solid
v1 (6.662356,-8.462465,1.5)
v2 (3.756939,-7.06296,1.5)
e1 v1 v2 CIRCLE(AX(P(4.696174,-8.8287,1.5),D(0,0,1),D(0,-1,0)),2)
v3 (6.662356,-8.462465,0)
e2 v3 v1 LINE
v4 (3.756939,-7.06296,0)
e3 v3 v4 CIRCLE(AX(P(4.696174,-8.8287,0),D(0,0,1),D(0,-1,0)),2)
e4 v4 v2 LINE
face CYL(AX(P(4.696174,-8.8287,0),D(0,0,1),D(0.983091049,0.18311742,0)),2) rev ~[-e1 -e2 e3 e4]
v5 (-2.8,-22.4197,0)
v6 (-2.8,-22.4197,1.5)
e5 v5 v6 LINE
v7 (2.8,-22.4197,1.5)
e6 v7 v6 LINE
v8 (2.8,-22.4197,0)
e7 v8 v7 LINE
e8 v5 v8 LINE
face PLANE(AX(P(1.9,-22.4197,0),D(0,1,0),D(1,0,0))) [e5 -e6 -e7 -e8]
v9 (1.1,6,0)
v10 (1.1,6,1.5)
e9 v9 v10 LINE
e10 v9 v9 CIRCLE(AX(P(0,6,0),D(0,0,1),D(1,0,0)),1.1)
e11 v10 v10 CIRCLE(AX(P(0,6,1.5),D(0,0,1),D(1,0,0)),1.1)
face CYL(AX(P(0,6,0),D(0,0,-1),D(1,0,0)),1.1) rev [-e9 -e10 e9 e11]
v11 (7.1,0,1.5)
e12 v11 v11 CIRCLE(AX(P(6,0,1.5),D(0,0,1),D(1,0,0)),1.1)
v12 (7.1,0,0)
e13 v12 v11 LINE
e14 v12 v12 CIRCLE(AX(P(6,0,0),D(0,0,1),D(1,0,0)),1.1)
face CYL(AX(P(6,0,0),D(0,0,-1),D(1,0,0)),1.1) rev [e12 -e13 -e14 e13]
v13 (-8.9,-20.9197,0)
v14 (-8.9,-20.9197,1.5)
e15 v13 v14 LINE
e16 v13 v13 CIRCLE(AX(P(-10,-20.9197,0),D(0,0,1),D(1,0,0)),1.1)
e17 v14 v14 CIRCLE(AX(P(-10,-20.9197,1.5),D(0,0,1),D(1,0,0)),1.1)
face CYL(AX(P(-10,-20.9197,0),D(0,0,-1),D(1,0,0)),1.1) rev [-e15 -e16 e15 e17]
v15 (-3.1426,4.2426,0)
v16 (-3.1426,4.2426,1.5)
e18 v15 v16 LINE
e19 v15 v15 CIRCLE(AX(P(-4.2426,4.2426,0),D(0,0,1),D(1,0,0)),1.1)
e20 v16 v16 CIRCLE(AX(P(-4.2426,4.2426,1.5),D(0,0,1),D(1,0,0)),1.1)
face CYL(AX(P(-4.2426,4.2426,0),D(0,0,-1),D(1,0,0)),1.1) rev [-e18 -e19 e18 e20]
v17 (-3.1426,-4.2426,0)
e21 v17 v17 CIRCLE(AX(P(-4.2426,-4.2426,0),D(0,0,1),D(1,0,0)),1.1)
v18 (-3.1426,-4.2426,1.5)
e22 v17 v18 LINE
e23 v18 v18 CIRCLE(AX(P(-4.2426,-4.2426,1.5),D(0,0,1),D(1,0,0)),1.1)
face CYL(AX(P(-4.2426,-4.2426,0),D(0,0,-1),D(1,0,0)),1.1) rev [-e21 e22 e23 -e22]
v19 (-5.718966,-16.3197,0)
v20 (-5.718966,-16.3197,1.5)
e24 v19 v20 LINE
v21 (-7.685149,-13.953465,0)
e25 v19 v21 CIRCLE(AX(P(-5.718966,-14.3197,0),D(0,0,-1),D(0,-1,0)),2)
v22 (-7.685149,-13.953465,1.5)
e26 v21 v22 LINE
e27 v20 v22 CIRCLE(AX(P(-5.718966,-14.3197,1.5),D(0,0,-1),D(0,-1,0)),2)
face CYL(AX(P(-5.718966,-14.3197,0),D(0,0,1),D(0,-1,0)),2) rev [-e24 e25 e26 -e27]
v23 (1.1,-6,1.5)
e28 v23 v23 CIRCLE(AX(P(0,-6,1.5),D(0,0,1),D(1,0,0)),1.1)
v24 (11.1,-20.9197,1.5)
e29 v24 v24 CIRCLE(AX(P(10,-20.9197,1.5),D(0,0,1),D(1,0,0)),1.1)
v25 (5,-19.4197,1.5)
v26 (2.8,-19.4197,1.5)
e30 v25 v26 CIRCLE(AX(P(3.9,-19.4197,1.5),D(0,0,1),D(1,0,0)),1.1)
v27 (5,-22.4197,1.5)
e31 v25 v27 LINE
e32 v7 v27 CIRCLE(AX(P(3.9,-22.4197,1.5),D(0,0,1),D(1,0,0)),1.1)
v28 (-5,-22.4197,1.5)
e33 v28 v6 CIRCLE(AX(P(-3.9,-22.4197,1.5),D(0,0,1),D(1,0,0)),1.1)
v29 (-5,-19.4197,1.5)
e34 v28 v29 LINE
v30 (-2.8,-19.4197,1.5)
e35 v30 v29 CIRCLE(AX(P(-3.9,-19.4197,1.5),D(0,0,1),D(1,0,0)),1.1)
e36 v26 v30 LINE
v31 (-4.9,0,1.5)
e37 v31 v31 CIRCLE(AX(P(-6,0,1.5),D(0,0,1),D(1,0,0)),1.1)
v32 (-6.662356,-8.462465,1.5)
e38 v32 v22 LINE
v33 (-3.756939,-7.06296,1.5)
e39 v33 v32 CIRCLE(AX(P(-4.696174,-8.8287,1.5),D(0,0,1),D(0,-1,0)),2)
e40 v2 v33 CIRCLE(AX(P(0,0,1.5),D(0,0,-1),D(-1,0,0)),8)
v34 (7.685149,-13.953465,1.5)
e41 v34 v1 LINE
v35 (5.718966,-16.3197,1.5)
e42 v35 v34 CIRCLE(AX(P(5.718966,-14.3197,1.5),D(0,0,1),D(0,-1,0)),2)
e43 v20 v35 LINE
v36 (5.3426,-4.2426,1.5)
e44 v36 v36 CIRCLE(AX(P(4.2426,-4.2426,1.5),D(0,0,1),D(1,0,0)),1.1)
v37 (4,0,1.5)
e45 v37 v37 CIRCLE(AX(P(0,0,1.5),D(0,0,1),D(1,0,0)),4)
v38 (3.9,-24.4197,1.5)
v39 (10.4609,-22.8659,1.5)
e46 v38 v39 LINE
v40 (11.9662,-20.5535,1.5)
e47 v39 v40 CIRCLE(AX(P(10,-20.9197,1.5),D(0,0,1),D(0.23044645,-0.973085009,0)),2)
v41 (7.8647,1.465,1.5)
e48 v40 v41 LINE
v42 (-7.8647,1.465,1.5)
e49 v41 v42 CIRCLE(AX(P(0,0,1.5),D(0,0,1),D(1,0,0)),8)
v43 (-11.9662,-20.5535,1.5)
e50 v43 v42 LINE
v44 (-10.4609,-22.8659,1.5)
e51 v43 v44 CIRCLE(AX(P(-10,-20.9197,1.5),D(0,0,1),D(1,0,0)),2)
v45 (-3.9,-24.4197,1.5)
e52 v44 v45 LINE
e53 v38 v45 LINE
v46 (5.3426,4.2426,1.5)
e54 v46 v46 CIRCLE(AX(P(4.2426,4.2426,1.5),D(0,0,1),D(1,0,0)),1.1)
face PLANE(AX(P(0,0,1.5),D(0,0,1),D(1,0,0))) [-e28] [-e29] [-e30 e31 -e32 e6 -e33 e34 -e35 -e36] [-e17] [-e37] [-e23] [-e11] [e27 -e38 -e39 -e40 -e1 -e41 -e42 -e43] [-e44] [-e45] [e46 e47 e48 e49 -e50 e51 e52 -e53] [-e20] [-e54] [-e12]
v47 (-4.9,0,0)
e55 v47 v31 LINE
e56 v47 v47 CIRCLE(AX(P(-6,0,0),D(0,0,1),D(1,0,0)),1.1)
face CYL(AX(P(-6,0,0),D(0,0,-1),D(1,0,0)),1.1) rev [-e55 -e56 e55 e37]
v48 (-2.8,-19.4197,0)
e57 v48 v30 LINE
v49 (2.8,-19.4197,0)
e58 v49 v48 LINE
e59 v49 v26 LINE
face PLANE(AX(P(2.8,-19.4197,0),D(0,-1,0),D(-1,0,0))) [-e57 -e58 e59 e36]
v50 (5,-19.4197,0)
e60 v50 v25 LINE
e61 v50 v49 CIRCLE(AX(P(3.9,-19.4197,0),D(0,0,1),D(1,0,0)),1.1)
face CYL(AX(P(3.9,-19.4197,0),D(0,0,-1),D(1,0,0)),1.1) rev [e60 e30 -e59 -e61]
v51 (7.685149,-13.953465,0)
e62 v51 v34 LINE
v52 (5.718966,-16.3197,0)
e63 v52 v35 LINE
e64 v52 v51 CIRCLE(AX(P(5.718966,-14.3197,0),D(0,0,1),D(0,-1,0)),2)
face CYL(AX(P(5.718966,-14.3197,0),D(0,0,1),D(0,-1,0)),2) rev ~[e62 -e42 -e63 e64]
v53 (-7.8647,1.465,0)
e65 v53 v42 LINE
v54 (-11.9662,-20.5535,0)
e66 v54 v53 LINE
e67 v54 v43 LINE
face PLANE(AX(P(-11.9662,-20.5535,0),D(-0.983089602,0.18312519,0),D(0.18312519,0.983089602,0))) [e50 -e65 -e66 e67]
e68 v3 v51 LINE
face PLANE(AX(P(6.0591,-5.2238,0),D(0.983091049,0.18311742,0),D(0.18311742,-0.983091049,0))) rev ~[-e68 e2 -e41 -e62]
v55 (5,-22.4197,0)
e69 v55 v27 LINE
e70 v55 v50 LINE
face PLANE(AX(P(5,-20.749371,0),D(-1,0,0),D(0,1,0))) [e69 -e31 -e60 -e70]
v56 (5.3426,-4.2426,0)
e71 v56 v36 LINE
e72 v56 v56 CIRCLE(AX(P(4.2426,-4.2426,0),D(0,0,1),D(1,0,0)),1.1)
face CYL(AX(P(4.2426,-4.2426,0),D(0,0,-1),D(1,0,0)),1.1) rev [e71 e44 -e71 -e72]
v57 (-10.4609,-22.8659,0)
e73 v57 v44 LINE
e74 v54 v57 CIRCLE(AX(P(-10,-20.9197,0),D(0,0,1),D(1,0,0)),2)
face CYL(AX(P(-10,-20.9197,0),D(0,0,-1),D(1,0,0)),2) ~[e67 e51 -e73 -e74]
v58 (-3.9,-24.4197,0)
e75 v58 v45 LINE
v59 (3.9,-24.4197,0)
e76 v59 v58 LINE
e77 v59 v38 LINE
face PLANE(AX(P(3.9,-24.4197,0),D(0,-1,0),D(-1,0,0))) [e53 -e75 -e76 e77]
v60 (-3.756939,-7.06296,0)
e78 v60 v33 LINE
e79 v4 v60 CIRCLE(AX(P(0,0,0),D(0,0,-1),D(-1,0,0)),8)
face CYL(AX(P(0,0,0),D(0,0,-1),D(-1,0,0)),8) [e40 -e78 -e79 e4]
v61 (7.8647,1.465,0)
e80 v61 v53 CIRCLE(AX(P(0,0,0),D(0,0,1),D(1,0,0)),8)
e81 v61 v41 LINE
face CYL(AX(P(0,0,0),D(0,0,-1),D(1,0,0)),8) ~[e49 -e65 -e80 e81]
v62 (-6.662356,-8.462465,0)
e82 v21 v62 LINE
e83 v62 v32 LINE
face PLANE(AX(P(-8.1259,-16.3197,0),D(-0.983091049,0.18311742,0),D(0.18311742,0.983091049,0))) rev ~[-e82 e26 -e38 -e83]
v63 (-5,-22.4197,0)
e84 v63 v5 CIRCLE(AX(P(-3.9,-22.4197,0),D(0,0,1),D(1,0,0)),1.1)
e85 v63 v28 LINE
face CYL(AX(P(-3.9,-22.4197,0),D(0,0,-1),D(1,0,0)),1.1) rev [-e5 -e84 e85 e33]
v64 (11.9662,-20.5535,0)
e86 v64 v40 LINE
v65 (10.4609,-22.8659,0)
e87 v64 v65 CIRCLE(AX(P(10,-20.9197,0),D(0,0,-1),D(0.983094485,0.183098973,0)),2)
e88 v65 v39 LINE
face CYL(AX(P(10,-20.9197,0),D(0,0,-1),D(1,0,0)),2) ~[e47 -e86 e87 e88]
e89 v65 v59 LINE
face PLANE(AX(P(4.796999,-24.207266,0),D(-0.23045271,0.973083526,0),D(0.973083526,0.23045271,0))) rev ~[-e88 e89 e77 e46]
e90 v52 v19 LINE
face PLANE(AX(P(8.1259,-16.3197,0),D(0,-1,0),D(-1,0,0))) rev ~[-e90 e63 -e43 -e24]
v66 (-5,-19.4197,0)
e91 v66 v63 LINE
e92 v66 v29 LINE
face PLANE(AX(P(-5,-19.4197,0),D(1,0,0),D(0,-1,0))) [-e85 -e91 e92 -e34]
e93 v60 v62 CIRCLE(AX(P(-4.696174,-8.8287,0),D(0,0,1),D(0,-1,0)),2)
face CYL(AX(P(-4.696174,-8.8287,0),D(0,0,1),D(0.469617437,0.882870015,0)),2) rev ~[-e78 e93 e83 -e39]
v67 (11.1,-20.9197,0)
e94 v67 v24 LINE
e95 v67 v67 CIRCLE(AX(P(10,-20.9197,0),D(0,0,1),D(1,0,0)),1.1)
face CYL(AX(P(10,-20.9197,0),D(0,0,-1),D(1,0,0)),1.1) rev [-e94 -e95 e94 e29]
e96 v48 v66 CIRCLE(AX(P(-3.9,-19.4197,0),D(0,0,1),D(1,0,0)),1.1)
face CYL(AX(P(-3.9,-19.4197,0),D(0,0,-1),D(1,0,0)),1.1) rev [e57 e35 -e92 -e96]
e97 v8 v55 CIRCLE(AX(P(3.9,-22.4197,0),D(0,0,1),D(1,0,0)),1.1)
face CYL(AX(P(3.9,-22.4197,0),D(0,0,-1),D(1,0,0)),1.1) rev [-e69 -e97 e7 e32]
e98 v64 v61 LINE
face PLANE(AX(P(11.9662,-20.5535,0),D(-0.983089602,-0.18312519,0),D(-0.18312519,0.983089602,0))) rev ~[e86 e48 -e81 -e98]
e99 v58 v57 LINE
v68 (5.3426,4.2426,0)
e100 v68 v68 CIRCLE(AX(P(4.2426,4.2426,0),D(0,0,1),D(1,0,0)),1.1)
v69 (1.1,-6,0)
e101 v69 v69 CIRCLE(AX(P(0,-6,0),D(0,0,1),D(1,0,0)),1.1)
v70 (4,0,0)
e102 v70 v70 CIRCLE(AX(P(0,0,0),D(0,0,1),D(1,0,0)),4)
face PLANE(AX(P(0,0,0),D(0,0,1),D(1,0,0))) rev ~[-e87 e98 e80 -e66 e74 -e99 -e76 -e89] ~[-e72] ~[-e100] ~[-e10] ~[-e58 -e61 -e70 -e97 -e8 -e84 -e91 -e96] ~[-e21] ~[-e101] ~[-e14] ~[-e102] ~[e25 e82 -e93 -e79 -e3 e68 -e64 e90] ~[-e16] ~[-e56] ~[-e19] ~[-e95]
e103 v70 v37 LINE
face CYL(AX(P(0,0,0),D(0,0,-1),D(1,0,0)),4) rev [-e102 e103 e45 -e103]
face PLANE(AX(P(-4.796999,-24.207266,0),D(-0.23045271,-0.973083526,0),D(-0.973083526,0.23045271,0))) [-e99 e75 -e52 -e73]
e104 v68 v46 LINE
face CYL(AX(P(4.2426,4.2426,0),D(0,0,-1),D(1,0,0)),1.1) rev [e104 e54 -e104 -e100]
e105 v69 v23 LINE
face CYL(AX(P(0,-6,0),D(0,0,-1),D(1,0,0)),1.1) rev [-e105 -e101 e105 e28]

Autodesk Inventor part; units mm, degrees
ref_plane "YZ Plane" through (0, 0, 0) normal (1, 0, 0) x (0, 1, 0)
ref_plane "XZ Plane" through (0, 0, 0) normal (0, 1, 0) x (-1, 0, 0)
ref_plane "XY Plane" through (0, 0, 0) normal (0, 0, 1) x (1, 0, 0)
sketch "スケッチ1" plane through (0, 0, 0) normal (0, 0, 1) x (1, 0, 0)
  circle A0 centre (0, 0) radius 4
  circle A1 centre (0, 0) radius 8
  circle A2 centre (0, 0) radius 6 construction
  circle A3 centre (0, 6) radius 1.1
  circle A4 centre (-4.2426, 4.2426) radius 1.1
  circle A5 centre (-6, 0) radius 1.1
  circle A6 centre (-4.2426, -4.2426) radius 1.1
  circle A7 centre (0, -6) radius 1.1
  circle A8 centre (4.2426, -4.2426) radius 1.1
  circle A9 centre (6, 0) radius 1.1
  circle A10 centre (4.2426, 4.2426) radius 1.1
  arc A11 (8.483, -10.1137) -> (9.4351, -9.068) centre (8.4362, -9.1148) ccw projected
  circle A12 centre (0, 0) radius 13.4197 construction
  circle A13 centre (0, 0) radius 19.4197 construction
  line L0 (5, -19.4197) -> (-5, -19.4197)
  line L1 (-5, -19.4197) -> (-5, -22.4197)
  line L2 (-5, -22.4197) -> (5, -22.4197)
  line L3 (5, -22.4197) -> (5, -19.4197)
  circle A14 centre (3.9, -19.4197) radius 1.1
  line L4 (0, -19.4197) -> (0, -22.4197) construction
  line L5 (0, -20.9197) -> (5, -20.9197) construction
  circle A15 centre (3.9, -22.4197) radius 1.1
  circle A16 centre (-3.9, -19.4197) radius 1.1
  circle A17 centre (-3.9, -22.4197) radius 1.1
  circle A18 centre (10, -20.9197) radius 1.1
  circle A19 centre (-10, -20.9197) radius 1.1
  circle A20 centre (10, -20.9197) radius 2
  circle A21 centre (-10, -20.9197) radius 2
  line L6 (11.9662, -20.5535) -> (7.8647, 1.465)
  line L7 (-11.9662, -20.5535) -> (-7.8647, 1.465)
  circle A22 centre (3.9, -22.4197) radius 2
  circle A23 centre (-3.9, -22.4197) radius 2
  line L8 (3.9, -24.4197) -> (-3.9, -24.4197)
  line L9 (-3.9, -24.4197) -> (-10.4609, -22.8659)
  line L10 (3.9, -24.4197) -> (10.4609, -22.8659)
  point P0 (-5, -19.4197)
  point P1 (-2.8, -19.4197)
  point P2 (2.8, -19.4197)
  point P3 (5, -22.4197)
  point P4 (2.8, -22.4197)
  point P5 (-5, -22.4197)
  point P6 (-5, -22.4197)
  point P7 (-7.8647, 1.465)
  point P8 (-11.9662, -20.5535)
  point P9 (-2.8, -22.4197)
  dimension "d1" = 16
  dimension "d2" = 12
  dimension "d13" = 2.2
  dimension "d17" = 4
  dimension "d18" = 4
  dimension "d19" = 4
  dimension "d0" = 8
  dimension "d3" = 2.2
  dimension "d6" = 360
  dimension "d10" = 6
  dimension "d11" = 10
  dimension "d12" = 3
  dimension "d14" = 2.2
  dimension "d15" = 5
  dimension "d16" = 4
extrude "押し出し1" add sketch "スケッチ1" along normal blind 1.5 contours A1 | A1 L6 A20 L10 A22 L3 A14 L0 A16 L1 A23 L9 A21 L7 | A20 | A21 | L10 A22 L2 A15 L3 | A23 L1 A17 L2 L9 | L8 A23 L2 A22
sketch "スケッチ2" plane through (0, 0, 0) normal (0, 0, -1) x (-1, 0, 0)
  circle A0 centre (0, 0) radius 8
  arc A1 (7.8647, 1.465) -> (-7.8647, 1.465) centre (0, 0) ccw projected
  line L0 (-8.1259, -16.3197) -> (8.1259, -16.3197)
  line L1 (8.1259, -16.3197) -> (6.0591, -5.2238)
  line L2 (-6.0591, -5.2238) -> (-8.1259, -16.3197)
  line L3 (7.8647, 1.465) -> (11.9662, -20.5535) projected
  line L4 (-11.9662, -20.5535) -> (-7.8647, 1.465) projected
  arc A2 (-2.8, -19.4197) -> (-5, -19.4197) centre (-3.9, -19.4197) ccw projected
  point P0 (9.9154, -9.5443)
  point P1 (-3.9, -18.3197)
  dimension "d20" = 3
  dimension "d21" = 3
  dimension "d22" = 2
extrude "押し出し2" cut sketch "スケッチ2" against normal through all contours L1 L0 L2 A0
fillet "フィレット1" radius 2 4 edges at (6.0591, -5.2238, 0.75) (-6.0591, -5.2238, 0.75) (-8.1259, -16.3197, 0.75) (8.1259, -16.3197, 0.75)
equation "\"d21\" = d20"
properties part number "mataroll" material "アルミニウム 2014-T4"
